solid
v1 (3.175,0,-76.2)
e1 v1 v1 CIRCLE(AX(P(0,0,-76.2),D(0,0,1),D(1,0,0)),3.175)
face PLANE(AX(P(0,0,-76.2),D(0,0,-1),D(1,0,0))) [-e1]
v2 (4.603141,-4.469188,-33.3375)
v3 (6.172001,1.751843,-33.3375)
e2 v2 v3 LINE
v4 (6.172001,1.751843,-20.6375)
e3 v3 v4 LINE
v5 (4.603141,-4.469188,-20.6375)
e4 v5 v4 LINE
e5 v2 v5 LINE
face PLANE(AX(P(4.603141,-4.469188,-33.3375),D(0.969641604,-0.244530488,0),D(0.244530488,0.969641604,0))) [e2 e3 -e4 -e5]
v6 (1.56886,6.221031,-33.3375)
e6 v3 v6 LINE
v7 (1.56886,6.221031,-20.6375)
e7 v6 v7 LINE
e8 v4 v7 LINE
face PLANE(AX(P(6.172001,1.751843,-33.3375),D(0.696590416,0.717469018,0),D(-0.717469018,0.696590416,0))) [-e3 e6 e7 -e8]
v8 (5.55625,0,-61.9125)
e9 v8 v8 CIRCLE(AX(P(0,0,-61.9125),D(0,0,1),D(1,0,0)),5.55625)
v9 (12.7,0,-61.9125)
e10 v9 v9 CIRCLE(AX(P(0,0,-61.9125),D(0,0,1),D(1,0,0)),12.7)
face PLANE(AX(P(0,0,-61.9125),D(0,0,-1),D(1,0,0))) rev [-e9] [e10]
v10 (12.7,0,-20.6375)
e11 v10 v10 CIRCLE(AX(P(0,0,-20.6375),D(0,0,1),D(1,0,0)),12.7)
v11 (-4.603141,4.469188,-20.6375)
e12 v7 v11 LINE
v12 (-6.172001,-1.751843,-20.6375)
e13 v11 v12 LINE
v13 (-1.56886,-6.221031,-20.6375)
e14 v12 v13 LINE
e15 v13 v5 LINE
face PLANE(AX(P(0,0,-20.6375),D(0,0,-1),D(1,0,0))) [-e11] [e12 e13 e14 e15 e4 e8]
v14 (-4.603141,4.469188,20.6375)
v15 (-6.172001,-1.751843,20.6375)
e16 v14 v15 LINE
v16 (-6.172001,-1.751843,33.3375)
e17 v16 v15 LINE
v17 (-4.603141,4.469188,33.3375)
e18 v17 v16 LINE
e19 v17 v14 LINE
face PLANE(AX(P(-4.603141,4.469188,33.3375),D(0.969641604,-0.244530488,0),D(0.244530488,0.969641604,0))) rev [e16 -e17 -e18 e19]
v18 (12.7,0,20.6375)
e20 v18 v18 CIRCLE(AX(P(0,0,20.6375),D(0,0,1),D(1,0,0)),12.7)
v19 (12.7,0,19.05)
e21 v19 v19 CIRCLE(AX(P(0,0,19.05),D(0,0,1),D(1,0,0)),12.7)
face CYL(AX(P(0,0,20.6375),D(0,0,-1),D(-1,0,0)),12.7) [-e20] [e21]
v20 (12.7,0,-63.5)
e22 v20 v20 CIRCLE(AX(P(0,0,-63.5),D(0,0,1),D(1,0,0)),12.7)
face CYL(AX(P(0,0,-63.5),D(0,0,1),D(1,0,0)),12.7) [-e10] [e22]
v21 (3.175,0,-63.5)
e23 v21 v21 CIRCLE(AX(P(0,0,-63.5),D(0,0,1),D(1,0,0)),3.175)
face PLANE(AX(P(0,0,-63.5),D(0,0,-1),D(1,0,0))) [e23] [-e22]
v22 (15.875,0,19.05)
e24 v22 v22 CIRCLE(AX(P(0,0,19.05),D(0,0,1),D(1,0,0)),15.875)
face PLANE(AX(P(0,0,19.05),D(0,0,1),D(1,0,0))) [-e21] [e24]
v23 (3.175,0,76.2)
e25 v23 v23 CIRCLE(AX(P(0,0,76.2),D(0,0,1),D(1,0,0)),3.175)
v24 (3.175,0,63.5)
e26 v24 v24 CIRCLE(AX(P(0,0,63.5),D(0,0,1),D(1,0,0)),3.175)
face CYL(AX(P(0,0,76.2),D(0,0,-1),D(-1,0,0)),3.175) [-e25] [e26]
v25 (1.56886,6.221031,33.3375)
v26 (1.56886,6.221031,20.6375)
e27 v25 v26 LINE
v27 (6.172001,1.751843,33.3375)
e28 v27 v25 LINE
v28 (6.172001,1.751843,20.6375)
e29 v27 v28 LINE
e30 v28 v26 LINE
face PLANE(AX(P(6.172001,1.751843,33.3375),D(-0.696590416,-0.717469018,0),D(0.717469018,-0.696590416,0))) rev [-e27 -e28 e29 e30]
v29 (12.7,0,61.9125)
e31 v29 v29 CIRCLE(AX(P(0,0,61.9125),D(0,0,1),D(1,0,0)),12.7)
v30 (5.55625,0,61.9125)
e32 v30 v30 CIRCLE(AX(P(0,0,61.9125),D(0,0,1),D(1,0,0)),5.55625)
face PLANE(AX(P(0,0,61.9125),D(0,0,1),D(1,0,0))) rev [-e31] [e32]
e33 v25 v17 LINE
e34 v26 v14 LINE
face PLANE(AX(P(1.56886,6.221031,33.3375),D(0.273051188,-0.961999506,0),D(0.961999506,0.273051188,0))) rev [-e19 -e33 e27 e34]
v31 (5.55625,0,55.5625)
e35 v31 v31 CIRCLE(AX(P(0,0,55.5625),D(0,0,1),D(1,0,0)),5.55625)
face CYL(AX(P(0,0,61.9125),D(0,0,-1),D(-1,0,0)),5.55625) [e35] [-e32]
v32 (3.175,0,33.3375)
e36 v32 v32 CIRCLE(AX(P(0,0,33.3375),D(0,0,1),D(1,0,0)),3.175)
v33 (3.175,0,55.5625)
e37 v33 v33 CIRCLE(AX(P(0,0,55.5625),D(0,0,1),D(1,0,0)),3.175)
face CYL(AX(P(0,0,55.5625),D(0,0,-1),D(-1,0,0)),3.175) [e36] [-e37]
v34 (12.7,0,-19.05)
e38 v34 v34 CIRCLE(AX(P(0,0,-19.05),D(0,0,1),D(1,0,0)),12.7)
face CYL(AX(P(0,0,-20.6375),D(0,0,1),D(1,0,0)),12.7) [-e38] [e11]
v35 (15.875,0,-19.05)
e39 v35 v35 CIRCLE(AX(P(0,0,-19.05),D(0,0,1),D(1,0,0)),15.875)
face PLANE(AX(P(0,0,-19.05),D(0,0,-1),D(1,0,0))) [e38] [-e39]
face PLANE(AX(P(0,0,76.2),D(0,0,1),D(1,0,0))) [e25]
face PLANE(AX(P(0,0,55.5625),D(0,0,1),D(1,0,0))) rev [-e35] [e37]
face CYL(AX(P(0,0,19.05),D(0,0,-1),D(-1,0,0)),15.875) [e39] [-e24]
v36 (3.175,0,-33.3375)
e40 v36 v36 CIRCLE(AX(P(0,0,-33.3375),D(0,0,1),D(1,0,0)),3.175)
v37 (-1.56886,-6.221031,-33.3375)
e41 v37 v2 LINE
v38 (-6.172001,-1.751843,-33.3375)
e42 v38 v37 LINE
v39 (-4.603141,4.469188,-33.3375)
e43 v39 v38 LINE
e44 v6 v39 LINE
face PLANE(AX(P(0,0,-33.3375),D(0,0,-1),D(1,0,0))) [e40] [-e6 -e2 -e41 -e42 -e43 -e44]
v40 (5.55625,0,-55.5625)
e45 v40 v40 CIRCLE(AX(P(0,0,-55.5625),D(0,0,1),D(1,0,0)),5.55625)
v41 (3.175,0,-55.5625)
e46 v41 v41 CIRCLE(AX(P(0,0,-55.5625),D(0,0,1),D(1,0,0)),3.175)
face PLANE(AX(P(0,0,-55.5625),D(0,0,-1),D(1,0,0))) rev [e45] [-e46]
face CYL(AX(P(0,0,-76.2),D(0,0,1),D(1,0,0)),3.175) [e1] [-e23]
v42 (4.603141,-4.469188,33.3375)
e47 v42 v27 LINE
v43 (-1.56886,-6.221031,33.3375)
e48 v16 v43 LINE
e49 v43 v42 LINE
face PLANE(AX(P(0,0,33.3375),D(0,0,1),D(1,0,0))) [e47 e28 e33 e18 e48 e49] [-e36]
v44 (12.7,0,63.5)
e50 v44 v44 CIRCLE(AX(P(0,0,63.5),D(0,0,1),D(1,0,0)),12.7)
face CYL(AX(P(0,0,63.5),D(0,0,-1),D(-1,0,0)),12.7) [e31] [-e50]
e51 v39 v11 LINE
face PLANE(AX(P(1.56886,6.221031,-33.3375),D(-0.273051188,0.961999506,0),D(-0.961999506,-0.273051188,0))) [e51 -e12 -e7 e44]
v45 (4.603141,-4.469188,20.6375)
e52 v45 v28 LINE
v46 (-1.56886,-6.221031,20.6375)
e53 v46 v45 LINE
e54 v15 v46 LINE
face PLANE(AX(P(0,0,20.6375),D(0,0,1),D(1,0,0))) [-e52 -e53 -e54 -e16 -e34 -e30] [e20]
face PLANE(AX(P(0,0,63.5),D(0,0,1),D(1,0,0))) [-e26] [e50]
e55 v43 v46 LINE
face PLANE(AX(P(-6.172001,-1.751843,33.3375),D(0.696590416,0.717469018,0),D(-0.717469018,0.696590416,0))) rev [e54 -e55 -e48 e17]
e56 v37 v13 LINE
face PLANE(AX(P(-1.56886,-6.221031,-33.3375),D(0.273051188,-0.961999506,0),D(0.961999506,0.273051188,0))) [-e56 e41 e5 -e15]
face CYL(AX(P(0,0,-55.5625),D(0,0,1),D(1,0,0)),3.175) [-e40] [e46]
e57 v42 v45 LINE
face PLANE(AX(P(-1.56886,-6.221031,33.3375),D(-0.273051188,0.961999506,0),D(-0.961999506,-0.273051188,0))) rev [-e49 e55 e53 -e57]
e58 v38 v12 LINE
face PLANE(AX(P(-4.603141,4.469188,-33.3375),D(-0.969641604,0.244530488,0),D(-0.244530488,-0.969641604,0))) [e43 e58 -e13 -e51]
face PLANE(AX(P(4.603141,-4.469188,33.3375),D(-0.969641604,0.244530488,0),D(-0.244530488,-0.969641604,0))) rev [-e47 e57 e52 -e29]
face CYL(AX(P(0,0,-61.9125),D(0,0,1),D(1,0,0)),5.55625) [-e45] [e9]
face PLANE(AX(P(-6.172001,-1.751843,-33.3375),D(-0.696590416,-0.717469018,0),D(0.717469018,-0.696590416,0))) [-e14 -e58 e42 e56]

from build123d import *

# Parameters (mm, degrees)
SKETCH1_R           = 15.875
BOSS_EXTRUDE1_DEPTH = 19.05
SKETCH2_R           = 12.7
BOSS_EXTRUDE2_DEPTH = 1.5875
BOSS_EXTRUDE3_DEPTH = 12.7
SKETCH4_R           = 3.175
BOSS_EXTRUDE4_DEPTH = 22.225
SKETCH5_R           = 5.55625
BOSS_EXTRUDE6_DEPTH = 6.35
SKETCH6_R           = 12.7
BOSS_EXTRUDE7_DEPTH = 1.5875
SKETCH7_R           = 3.175
BOSS_EXTRUDE8_DEPTH = 12.7


with BuildPart() as part:
    # Sketch1 → Boss-Extrude1 (new body)
    with BuildSketch(Plane.XY):
        Circle(SKETCH1_R)
    boss_extrude1 = extrude(amount=BOSS_EXTRUDE1_DEPTH)

    # Sketch2 → Boss-Extrude2 (add)
    with BuildSketch(Plane.XY.offset(19.05)):
        Circle(SKETCH2_R)
    boss_extrude2 = extrude(amount=BOSS_EXTRUDE2_DEPTH)

    # Sketch3 → Boss-Extrude3 (add)
    with BuildSketch(Plane.XY.offset(20.6375)):
        Polygon((4.603141218, -4.469188183), (6.17200111, 1.75184314), (1.568859892, 6.221031323), (-4.603141218, 4.469188183), (-6.17200111, -1.75184314), (-1.568859892, -6.221031323), align=None)
    boss_extrude3 = extrude(amount=BOSS_EXTRUDE3_DEPTH)

    # Sketch4 → Boss-Extrude4 (add)
    with BuildSketch(Plane.XY.offset(33.3375)):
        Circle(SKETCH4_R)
    boss_extrude4 = extrude(amount=BOSS_EXTRUDE4_DEPTH)

    # Sketch5 → Boss-Extrude6 (add)
    with BuildSketch(Plane.XY.offset(55.5625)):
        Circle(SKETCH5_R)
    boss_extrude6 = extrude(amount=BOSS_EXTRUDE6_DEPTH)

    # Sketch6 → Boss-Extrude7 (add)
    with BuildSketch(Plane.XY.offset(61.9125)):
        Circle(SKETCH6_R)
    boss_extrude7 = extrude(amount=BOSS_EXTRUDE7_DEPTH)

    # Sketch7 → Boss-Extrude8 (add)
    with BuildSketch(Plane.XY.offset(63.5)):
        Circle(SKETCH7_R)
    boss_extrude8 = extrude(amount=BOSS_EXTRUDE8_DEPTH)

    # Mirror1: Boss-Extrude1, Boss-Extrude2, Boss-Extrude3, Boss-Extrude4, Boss-Extrude6, Boss-Extrude7, Boss-Extrude8 across plane
    add(boss_extrude1.mirror(Plane.XY))
    add(boss_extrude2.mirror(Plane.XY))
    add(boss_extrude3.mirror(Plane.XY))
    add(boss_extrude4.mirror(Plane.XY))
    add(boss_extrude6.mirror(Plane.XY))
    add(boss_extrude7.mirror(Plane.XY))
    add(boss_extrude8.mirror(Plane.XY))


solid = part.part
